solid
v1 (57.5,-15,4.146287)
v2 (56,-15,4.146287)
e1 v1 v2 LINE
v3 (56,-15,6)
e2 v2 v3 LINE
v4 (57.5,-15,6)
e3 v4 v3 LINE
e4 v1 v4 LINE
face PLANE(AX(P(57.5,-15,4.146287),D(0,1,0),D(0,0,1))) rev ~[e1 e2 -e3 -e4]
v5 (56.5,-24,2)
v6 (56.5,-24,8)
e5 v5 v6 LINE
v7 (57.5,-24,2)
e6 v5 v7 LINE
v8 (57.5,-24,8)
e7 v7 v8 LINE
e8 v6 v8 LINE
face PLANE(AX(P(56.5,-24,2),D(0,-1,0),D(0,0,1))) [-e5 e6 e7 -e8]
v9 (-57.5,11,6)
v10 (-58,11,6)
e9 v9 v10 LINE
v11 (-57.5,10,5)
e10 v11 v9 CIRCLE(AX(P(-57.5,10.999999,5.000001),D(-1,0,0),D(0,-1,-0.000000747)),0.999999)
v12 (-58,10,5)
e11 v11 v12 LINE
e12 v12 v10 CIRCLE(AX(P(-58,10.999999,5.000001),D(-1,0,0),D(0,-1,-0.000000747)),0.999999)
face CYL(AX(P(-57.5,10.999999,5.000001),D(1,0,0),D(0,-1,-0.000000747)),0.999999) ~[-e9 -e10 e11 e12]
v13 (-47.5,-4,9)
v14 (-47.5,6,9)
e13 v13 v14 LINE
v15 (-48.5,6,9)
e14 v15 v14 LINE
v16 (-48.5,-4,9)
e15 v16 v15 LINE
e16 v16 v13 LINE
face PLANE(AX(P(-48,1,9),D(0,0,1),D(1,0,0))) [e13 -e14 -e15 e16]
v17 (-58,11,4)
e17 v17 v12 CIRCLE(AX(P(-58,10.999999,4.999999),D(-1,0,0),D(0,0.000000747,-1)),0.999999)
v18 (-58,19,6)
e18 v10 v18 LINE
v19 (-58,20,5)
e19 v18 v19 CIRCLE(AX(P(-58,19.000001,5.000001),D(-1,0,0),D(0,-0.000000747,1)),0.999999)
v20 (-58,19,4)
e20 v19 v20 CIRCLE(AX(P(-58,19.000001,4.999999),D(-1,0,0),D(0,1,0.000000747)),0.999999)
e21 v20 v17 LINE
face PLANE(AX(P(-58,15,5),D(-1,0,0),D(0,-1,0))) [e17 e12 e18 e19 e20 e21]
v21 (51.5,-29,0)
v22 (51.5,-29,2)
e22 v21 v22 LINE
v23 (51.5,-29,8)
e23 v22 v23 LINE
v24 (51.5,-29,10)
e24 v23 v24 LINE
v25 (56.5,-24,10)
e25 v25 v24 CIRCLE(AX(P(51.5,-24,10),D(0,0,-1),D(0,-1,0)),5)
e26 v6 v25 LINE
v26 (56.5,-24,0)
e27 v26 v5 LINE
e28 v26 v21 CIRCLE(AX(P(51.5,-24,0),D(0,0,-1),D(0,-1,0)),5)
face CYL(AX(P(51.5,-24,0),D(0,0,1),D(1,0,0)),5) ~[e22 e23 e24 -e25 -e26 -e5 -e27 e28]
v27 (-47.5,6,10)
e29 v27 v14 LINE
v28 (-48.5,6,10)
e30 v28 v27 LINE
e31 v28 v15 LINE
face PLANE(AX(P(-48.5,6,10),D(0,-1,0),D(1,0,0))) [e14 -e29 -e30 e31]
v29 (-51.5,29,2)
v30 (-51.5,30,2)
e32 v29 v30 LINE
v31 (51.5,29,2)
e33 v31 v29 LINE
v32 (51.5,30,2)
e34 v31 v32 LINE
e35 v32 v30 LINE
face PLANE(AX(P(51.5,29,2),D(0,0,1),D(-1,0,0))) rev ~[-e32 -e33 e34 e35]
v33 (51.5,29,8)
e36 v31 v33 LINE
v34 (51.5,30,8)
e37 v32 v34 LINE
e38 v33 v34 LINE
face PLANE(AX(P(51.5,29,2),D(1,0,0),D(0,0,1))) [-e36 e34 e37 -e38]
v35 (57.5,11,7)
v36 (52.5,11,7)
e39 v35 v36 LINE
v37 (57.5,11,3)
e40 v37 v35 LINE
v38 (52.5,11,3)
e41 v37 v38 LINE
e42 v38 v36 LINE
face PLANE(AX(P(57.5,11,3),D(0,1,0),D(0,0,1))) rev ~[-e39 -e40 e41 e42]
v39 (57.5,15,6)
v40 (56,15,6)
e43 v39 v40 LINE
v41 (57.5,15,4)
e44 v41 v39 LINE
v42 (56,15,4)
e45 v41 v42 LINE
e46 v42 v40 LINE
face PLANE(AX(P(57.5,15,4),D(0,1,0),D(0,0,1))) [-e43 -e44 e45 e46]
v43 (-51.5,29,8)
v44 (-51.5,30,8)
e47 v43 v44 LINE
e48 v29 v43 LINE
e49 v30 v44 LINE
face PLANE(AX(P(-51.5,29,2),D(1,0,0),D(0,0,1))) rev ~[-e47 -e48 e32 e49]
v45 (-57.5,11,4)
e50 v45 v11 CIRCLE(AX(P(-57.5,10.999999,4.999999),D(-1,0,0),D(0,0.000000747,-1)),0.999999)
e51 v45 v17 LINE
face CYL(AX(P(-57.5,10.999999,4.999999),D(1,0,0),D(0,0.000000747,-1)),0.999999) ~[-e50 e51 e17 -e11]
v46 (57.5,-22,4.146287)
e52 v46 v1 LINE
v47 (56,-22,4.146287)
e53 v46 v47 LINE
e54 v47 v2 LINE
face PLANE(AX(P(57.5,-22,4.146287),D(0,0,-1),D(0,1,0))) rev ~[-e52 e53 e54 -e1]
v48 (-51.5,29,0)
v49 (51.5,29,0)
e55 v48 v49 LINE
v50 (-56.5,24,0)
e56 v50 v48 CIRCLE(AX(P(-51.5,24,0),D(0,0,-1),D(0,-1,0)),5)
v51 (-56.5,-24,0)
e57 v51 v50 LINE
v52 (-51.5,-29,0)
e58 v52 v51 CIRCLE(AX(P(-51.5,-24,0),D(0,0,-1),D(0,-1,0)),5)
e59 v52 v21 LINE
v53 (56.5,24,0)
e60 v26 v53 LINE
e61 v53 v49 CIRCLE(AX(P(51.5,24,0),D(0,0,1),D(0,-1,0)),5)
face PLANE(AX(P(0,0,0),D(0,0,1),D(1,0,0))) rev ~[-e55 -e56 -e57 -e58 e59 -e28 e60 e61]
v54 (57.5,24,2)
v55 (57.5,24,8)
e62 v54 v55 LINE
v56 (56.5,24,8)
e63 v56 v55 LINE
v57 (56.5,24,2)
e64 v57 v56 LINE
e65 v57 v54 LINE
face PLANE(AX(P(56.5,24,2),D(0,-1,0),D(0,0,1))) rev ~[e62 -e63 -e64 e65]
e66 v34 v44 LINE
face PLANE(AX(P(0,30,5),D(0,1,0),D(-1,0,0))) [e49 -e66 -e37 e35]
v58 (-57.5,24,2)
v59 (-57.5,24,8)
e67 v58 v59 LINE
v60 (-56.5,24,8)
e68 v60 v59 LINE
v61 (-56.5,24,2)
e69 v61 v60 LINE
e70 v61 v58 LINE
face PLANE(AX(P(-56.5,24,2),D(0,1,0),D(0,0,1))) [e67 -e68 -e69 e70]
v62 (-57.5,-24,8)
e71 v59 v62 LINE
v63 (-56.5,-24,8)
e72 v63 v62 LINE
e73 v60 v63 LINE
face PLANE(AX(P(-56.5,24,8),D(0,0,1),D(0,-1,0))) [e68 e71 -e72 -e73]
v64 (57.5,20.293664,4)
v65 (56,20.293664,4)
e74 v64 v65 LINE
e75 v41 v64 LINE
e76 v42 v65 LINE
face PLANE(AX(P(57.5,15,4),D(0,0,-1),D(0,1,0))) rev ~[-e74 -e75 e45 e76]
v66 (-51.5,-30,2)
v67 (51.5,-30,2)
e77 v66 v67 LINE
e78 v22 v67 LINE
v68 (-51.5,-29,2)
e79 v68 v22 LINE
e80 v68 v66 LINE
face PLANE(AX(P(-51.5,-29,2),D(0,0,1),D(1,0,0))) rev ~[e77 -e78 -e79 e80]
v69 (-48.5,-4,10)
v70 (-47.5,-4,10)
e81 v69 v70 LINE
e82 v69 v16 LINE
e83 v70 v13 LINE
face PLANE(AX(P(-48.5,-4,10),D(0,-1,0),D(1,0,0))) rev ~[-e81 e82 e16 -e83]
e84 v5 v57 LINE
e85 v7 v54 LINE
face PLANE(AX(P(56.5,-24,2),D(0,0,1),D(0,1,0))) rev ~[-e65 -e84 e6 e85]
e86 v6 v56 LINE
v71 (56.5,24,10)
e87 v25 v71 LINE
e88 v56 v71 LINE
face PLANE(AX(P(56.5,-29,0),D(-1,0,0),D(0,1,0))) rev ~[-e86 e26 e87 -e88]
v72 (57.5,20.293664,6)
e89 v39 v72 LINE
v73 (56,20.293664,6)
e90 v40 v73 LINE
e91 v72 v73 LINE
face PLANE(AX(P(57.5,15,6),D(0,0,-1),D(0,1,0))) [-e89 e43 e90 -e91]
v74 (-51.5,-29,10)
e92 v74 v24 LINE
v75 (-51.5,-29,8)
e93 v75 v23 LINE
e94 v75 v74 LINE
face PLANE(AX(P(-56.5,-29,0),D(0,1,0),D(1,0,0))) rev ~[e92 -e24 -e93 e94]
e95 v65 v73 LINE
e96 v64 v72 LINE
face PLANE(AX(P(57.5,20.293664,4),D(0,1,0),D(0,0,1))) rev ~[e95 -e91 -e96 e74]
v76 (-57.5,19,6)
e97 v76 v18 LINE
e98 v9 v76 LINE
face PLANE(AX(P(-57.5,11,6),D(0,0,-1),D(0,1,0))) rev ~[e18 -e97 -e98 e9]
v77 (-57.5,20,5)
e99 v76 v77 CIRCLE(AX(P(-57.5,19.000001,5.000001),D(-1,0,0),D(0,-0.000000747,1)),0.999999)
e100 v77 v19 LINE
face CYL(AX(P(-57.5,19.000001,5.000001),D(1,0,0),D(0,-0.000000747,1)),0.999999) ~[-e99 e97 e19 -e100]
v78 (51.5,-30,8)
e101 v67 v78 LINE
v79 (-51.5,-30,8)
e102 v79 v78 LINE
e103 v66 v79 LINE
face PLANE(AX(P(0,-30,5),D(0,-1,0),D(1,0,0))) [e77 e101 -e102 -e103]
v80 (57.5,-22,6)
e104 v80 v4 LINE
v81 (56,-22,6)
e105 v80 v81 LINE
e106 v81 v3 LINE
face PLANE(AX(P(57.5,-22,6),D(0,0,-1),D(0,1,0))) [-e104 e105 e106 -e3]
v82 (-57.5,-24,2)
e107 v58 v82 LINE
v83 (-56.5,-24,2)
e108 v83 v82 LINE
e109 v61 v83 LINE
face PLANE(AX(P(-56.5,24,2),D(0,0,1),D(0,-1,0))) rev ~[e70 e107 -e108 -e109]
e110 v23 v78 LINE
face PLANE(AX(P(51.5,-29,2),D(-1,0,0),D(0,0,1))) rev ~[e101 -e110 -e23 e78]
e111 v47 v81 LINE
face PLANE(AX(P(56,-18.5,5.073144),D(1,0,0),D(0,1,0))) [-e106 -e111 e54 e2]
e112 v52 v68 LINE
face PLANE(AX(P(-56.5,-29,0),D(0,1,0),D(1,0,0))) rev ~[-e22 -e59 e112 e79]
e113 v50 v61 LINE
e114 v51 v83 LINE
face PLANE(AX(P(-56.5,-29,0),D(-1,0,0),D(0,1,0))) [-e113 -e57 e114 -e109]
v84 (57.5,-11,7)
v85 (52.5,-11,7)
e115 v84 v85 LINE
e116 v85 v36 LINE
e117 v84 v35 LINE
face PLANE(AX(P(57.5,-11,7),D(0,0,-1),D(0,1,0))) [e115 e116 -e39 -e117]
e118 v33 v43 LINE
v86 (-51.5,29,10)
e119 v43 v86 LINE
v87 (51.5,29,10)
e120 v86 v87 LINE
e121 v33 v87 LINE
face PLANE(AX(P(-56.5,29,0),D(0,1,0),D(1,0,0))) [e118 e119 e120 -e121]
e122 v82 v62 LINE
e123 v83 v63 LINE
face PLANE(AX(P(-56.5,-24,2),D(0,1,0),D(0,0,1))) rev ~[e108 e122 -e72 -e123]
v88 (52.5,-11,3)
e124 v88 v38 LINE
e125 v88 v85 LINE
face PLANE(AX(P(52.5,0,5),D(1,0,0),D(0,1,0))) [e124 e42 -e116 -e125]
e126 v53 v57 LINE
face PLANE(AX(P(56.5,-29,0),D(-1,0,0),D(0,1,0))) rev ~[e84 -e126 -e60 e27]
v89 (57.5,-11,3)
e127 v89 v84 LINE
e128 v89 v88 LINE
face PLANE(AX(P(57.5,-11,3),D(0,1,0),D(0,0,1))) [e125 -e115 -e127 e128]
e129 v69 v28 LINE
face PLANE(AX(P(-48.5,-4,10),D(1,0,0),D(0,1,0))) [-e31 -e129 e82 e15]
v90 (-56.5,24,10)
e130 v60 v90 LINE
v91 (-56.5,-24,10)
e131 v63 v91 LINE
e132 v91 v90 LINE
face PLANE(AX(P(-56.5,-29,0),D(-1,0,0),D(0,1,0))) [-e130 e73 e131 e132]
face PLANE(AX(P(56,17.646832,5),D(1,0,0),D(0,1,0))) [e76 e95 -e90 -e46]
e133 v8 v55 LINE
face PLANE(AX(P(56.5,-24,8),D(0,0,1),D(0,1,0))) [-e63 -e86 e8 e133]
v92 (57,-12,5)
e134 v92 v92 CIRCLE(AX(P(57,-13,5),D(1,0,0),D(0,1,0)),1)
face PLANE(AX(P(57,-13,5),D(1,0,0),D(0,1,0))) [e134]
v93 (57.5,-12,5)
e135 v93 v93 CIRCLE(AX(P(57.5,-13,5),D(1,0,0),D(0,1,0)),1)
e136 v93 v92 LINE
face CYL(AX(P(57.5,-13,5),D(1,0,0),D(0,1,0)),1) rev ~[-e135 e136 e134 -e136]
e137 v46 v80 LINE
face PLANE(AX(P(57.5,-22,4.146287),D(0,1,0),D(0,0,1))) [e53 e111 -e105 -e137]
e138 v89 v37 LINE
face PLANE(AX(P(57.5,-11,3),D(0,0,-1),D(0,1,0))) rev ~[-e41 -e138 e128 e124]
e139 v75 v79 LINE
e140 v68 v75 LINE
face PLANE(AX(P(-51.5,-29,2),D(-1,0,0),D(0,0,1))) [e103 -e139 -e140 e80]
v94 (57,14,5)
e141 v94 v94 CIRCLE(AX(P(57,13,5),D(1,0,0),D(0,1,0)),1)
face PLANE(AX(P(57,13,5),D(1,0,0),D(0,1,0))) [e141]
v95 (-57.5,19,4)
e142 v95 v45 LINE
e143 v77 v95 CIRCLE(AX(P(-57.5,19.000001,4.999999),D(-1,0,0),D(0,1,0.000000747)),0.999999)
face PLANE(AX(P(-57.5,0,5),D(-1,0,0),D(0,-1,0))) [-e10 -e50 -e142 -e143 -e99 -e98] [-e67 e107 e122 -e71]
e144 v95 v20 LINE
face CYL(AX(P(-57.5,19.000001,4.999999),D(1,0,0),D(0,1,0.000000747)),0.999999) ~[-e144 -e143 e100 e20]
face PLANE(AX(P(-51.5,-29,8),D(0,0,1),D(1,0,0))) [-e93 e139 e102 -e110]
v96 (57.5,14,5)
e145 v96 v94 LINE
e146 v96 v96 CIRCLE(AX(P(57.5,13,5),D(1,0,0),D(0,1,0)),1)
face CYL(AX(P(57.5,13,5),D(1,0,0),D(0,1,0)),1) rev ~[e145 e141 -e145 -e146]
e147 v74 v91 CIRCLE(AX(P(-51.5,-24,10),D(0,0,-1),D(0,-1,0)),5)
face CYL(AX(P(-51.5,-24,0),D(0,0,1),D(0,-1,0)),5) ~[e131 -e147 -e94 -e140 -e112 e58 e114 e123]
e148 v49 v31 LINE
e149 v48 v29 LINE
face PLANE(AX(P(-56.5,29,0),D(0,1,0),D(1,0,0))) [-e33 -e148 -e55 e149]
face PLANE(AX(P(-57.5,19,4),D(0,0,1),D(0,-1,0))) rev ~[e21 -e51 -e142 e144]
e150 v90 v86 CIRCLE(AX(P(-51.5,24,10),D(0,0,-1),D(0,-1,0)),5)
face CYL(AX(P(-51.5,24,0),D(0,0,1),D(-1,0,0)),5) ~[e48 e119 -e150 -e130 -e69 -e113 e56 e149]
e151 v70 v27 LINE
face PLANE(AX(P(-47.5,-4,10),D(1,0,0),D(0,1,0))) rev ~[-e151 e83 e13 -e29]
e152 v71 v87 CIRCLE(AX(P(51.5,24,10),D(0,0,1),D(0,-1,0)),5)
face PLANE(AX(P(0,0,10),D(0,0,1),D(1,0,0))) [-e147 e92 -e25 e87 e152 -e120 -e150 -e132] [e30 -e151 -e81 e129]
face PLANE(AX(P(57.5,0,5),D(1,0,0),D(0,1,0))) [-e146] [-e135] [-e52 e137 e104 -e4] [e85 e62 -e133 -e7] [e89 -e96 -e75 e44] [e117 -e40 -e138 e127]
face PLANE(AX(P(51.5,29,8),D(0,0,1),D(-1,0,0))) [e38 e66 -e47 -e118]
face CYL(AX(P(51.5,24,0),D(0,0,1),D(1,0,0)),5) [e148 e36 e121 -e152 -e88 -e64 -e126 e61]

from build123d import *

# Parameters (mm, degrees)
F0_W       = 113
F0_H       = 58
F1_DEPTH   = 10
F2_R       = 5
F3_R       = 5
F4_R       = 5
F5_R       = 5
F6_W       = 1
F6_H       = 10
F11_DEPTH  = 1
F10_W      = 48
F10_H      = 6
F12_DEPTH  = 1
F7_W       = 103
F7_H       = 6
F13_DEPTH  = 1
F8_W       = 48
F8_H       = 6
F14_DEPTH  = 1
F9_W       = 103
F9_H       = 6
F15_DEPTH  = 1
F16_W      = 22
F16_H      = 4
F17_DEPTH  = 5
F18_R      = 1
F19_DEPTH  = 0.5
F19_FACE_R = 1
F20_DEPTH  = 0.5
F21_DEPTH  = 0.5
F22_R      = 1
F23_DEPTH  = 0.5
F24_W      = 5.293664
F24_H      = 2
F25_DEPTH  = 1.5
F26_W      = 7
F26_H      = 1.853713
F28_DEPTH  = 1.5
F31_DEPTH  = 0.5
F32_R      = 2.5
F33_DEPTH  = 5
F33_FACE_R = 2.5
F34_DEPTH  = 5


with BuildPart() as f1:
    # F0 (on Top) → F1 (new body)
    with BuildSketch(Plane.XY):
        Rectangle(F0_W, F0_H)
    extrude(amount=F1_DEPTH)

    # F2
    f2_edges = [f1.edges().sort_by_distance(p)[0] for p in [
        (56.5, 29, 5),
    ]]
    fillet(f2_edges, radius=F2_R)

    # F3
    f3_edges = [f1.edges().sort_by_distance(p)[0] for p in [
        (56.5, -29, 5),
    ]]
    fillet(f3_edges, radius=F3_R)

    # F4
    f4_edges = [f1.edges().sort_by_distance(p)[0] for p in [
        (-56.5, -29, 5),
    ]]
    fillet(f4_edges, radius=F4_R)

    # F5
    f5_edges = [f1.edges().sort_by_distance(p)[0] for p in [
        (-56.5, 29, 5),
    ]]
    fillet(f5_edges, radius=F5_R)

    # F6 (on face) → F11 (cut)
    with BuildSketch(Plane.XY.offset(10)):
        with Locations((-48, 1)):
            Rectangle(F6_W, F6_H)
    extrude(amount=-F11_DEPTH, mode=Mode.SUBTRACT)

    # F10 (on face) → F12 (join)
    with BuildSketch(Plane(origin=(-56.5, 0, 0), x_dir=(0, -1, 0), z_dir=(-1, 0, 0))):
        with Locations((0, 5)):
            Rectangle(F10_W, F10_H)
    extrude(amount=F12_DEPTH)

    # F7 (on face) → F13 (join)
    with BuildSketch(Plane(origin=(0, 29, 0), x_dir=(-1, 0, 0), z_dir=(0, 1, 0))):
        with Locations((0, 5)):
            Rectangle(F7_W, F7_H)
    extrude(amount=F13_DEPTH)

    # F8 (on face) → F14 (join)
    with BuildSketch(Plane.YZ.offset(56.5)):
        with Locations((0, 5)):
            Rectangle(F8_W, F8_H)
    extrude(amount=F14_DEPTH)

    # F9 (on face) → F15 (join)
    with BuildSketch(Plane.XZ.offset(29)):
        with Locations((0, 5)):
            Rectangle(F9_W, F9_H)
    extrude(amount=F15_DEPTH)

    # F16 (on face) → F17 (cut)
    with BuildSketch(Plane.YZ.offset(57.5)):
        with Locations((0, 5)):
            Rectangle(F16_W, F16_H)
    extrude(amount=-F17_DEPTH, mode=Mode.SUBTRACT)

    # F18 (on face) → F19 (join)
    with BuildSketch(Plane.YZ.offset(57.5)):
        with Locations((13, 5)):
            Circle(F18_R)
    extrude(amount=F19_DEPTH)

    # F19_face (on face) → F20 (cut)
    with BuildSketch(Plane(origin=(58, 13, 5), x_dir=(0, 1, 0), z_dir=(1, 0, 0))):
        Circle(F19_FACE_R)
    extrude(amount=-F20_DEPTH, mode=Mode.SUBTRACT)

    # F18 (on face) → F21 (cut)
    with BuildSketch(Plane.YZ.offset(57.5)):
        with Locations((13, 5)):
            Circle(F18_R)
    extrude(amount=-F21_DEPTH, mode=Mode.SUBTRACT)

    # F22 (on face) → F23 (cut)
    with BuildSketch(Plane.YZ.offset(57.5)):
        with Locations((-13, 5)):
            Circle(F22_R)
    extrude(amount=-F23_DEPTH, mode=Mode.SUBTRACT)

    # F24 (on face) → F25 (cut)
    with BuildSketch(Plane.YZ.offset(57.5)):
        with Locations((17.646832, 5)):
            Rectangle(F24_W, F24_H)
    extrude(amount=-F25_DEPTH, mode=Mode.SUBTRACT)

    # F26 (on face) → F28 (cut)
    with BuildSketch(Plane.YZ.offset(57.5)):
        with Locations((-18.5, 5.073144)):
            Rectangle(F26_W, F26_H)
    extrude(amount=-F28_DEPTH, mode=Mode.SUBTRACT)

    # F30 (on face) → F31 (join)
    with BuildSketch(Plane(origin=(-57.5, 0, 0), x_dir=(0, -1, 0), z_dir=(-1, 0, 0))):
        with BuildLine():
            Line((-19, 4), (-11, 4))
            ThreePointArc((-11, 4), (-10.292893, 4.292893), (-10, 5))
            ThreePointArc((-10, 5), (-10.292893, 5.707107), (-11, 6))
            Line((-11, 6), (-19, 6))
            ThreePointArc((-19, 6), (-19.707107, 5.707107), (-20, 5))
            ThreePointArc((-20, 5), (-19.707107, 4.292893), (-19, 4))
        make_face()
    extrude(amount=F31_DEPTH)

    # F32 (on face) → F33 (join)
    with BuildSketch(Plane(origin=(-57.5, 0, 0), x_dir=(0, -1, 0), z_dir=(-1, 0, 0))):
        with Locations((16.500002, 5.005926)):
            Circle(F32_R)
    extrude(amount=F33_DEPTH)

    # F33_face (on face) → F34 (cut)
    with BuildSketch(Plane(origin=(-62.5, -16.500002, 5.005926), x_dir=(0, -1, 0), z_dir=(-1, 0, 0))):
        Circle(F33_FACE_R)
    extrude(amount=-F34_DEPTH, mode=Mode.SUBTRACT)


solid = f1.part
